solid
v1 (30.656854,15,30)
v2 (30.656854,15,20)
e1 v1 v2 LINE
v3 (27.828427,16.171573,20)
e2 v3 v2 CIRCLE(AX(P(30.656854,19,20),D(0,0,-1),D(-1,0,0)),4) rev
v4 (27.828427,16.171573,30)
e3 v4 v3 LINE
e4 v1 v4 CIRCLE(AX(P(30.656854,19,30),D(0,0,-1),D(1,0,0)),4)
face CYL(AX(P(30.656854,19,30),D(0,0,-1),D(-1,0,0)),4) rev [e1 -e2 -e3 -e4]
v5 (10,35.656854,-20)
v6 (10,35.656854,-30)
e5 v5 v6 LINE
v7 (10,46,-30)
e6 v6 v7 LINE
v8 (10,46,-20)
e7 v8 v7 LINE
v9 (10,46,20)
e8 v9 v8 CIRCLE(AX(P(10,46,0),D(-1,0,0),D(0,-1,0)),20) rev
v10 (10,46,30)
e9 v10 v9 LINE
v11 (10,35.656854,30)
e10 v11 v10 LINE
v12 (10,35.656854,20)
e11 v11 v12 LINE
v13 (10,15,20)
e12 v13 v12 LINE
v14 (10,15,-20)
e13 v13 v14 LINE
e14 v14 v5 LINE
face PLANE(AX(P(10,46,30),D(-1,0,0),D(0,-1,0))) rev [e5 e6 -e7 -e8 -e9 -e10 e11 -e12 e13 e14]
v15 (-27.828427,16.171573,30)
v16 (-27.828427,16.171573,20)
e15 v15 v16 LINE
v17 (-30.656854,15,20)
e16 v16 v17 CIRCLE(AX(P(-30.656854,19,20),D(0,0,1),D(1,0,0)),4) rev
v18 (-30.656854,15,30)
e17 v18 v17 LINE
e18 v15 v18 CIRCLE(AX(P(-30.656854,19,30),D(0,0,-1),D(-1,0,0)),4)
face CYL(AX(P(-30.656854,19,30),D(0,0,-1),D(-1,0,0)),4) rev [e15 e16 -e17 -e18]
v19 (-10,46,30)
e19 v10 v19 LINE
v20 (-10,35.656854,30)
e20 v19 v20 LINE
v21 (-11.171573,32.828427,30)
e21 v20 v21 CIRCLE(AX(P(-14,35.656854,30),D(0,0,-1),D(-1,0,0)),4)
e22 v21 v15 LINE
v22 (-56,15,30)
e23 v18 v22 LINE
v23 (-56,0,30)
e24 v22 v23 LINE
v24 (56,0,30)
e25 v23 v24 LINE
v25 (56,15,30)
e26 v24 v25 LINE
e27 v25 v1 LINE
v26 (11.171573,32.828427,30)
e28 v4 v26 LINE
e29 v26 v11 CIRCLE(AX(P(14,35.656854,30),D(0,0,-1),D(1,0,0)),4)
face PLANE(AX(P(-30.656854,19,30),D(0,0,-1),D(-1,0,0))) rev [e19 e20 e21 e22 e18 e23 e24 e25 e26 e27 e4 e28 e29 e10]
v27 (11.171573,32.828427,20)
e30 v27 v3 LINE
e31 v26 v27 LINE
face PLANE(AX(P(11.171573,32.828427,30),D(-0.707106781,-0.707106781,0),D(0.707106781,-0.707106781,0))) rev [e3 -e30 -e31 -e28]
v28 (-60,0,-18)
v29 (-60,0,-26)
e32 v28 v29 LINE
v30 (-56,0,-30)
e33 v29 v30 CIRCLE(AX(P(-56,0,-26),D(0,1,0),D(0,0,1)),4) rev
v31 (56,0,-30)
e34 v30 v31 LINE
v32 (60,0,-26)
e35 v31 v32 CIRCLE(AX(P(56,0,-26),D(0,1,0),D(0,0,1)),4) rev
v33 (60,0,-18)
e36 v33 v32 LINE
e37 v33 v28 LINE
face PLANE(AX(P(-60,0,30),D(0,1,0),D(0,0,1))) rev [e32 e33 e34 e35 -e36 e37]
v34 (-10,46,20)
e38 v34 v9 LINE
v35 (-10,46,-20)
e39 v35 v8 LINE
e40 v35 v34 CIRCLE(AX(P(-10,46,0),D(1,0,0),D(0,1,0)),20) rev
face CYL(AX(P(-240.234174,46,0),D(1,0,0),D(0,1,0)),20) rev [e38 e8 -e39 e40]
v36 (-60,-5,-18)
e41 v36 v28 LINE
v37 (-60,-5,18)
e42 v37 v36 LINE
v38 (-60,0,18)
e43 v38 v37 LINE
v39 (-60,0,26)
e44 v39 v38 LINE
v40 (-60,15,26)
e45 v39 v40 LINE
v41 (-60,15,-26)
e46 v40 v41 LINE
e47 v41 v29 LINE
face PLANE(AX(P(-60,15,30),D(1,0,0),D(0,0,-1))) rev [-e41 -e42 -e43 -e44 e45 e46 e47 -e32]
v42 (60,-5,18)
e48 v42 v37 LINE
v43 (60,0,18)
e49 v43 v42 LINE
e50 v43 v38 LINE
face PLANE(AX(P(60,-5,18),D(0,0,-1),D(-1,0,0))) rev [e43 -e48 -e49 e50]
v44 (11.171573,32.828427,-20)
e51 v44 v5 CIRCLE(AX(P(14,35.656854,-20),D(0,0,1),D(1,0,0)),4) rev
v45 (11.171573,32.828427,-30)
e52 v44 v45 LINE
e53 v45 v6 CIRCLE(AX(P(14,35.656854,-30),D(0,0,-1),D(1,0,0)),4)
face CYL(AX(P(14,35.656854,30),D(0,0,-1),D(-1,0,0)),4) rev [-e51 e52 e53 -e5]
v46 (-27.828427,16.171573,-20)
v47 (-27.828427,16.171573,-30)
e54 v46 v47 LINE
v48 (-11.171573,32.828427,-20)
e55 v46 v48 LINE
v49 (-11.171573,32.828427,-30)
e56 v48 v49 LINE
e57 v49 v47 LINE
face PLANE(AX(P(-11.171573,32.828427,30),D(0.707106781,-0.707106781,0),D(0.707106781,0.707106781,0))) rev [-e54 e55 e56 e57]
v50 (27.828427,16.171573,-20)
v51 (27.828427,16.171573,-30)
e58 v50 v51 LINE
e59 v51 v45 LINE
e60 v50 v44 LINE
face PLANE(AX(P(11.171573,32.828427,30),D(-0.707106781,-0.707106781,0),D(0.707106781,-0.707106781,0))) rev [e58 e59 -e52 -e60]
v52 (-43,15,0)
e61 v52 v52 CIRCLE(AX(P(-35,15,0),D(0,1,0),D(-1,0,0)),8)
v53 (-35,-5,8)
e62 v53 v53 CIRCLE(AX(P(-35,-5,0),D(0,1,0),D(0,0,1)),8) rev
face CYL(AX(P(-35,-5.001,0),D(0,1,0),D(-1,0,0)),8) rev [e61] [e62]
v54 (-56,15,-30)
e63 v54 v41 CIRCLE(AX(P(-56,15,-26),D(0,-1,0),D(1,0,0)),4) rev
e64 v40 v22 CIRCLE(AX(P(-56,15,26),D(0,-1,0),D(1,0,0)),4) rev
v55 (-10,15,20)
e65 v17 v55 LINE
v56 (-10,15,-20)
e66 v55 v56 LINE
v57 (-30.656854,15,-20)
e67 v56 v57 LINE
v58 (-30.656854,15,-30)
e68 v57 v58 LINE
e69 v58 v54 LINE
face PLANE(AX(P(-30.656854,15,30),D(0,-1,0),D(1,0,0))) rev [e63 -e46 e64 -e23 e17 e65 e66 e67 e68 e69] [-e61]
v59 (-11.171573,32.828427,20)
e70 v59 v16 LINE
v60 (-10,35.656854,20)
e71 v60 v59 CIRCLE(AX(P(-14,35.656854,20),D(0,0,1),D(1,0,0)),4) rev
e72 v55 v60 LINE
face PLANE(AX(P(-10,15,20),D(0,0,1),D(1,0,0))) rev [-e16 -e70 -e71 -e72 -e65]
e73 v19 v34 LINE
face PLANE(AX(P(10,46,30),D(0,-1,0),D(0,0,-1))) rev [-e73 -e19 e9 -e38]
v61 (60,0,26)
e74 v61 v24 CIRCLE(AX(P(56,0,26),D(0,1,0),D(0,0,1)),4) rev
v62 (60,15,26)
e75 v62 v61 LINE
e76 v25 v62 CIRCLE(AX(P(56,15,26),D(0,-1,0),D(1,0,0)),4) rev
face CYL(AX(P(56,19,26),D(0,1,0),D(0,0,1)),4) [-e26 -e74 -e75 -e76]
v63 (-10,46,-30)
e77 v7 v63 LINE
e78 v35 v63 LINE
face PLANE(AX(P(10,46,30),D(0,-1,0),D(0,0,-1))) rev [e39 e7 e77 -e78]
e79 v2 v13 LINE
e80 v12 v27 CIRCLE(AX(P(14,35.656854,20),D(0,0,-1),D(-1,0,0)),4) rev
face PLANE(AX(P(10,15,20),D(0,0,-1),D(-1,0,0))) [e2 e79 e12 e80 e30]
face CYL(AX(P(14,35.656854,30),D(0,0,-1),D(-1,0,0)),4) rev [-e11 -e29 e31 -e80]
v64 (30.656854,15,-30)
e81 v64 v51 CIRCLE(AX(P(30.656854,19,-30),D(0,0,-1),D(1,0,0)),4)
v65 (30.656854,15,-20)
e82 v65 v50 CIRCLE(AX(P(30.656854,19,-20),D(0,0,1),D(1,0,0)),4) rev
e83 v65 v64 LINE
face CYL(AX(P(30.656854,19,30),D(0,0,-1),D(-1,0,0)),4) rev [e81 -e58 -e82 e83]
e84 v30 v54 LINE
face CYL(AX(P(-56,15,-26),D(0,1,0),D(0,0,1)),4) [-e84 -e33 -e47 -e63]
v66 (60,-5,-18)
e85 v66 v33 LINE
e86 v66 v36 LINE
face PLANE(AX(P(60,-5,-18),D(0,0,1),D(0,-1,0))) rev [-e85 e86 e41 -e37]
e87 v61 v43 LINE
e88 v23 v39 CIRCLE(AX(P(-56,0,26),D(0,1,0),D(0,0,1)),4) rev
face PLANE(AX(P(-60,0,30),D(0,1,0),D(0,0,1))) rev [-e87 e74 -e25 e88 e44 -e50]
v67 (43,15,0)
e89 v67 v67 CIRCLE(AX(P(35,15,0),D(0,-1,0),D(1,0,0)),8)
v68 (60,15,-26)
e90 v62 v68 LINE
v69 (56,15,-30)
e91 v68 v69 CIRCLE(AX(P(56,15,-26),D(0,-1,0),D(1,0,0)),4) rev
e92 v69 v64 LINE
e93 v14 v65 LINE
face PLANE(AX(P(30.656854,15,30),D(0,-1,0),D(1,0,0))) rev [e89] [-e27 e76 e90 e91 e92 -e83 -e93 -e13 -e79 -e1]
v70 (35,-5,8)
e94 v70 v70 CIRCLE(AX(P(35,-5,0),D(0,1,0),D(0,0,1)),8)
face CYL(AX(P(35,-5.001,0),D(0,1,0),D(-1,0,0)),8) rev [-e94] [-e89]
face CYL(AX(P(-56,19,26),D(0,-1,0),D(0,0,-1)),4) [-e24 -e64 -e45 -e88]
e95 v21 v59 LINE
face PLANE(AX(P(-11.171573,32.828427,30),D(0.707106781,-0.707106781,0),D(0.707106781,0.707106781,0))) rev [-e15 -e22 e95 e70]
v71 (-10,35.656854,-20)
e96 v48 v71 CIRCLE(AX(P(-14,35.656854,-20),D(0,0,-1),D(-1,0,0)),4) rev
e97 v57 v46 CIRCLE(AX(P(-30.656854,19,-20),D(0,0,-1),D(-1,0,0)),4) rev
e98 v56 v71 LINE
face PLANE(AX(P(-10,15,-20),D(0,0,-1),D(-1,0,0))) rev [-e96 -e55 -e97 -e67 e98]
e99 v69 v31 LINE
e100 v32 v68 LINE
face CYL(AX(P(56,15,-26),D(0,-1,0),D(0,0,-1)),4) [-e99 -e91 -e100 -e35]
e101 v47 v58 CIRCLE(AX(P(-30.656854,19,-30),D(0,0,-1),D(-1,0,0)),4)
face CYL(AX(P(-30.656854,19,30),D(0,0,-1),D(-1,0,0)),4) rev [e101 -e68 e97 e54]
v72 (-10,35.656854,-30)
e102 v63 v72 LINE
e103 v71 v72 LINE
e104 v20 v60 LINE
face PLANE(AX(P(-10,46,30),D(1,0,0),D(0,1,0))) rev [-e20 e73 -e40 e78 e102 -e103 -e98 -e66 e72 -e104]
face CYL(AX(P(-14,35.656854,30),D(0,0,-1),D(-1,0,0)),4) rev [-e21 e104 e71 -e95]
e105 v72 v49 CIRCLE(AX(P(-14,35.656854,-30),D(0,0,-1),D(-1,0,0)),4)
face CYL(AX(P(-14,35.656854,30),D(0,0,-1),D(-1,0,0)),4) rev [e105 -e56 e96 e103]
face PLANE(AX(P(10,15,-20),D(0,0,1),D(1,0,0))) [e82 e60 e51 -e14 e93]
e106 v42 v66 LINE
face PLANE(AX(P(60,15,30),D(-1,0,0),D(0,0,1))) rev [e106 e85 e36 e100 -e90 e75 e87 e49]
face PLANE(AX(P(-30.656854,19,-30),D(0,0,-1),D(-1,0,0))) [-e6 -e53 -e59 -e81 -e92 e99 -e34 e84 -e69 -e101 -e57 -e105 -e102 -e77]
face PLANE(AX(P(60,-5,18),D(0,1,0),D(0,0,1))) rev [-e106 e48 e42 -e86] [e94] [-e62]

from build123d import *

# Parameters (mm, degrees)
BOSS_EXTRUDE1_DEPTH     = 30
SKETCH2_W               = 36
SKETCH2_H               = 5
BOSS_EXTRUDE2_DEPTH     = 60
FILLET1_R               = 4
SKETCH4_W               = 20.656854249
SKETCH4_H               = 40
CUT_EXTRUDE1_DEPTH      = 31
CUT_EXTRUDE2_REACH      = 75.899
SKETCH3_R               = 8
CUT_EXTRUDE3_DEPTH      = 89.971905678
CUT_EXTRUDE3_DEPTH_BACK = 89.971905678


with BuildPart() as part:
    # Sketch1 → Boss-Extrude1 (new, symmetric)
    with BuildSketch(Plane.XY):
        with BuildLine():
            Line((10, 46), (-10, 46))
            Line((-10, 46), (-10, 35.656854249))
            ThreePointArc((-10, 35.656854249), (-10.30448187, 34.12612052), (-11.171572875, 32.828427125))
            Line((-11.171572875, 32.828427125), (-27.828427125, 16.171572875))
            ThreePointArc((-27.828427125, 16.171572875), (-29.12612052, 15.30448187), (-30.656854249, 15))
            Line((-30.656854249, 15), (-60, 15))
            Line((-60, 15), (-60, 0))
            Line((-60, 0), (60, 0))
            Line((60, 0), (60, 15))
            Line((60, 15), (30.656854249, 15))
            ThreePointArc((30.656854249, 15), (29.12612052, 15.30448187), (27.828427125, 16.171572875))
            Line((27.828427125, 16.171572875), (11.171572875, 32.828427125))
            ThreePointArc((11.171572875, 32.828427125), (10.30448187, 34.12612052), (10, 35.656854249))
            Line((10, 35.656854249), (10, 46))
        make_face()
    extrude(amount=BOSS_EXTRUDE1_DEPTH, both=True)

    # Sketch2 → Boss-Extrude2 (add, symmetric)
    with BuildSketch(Plane(origin=(0, 0, 0), x_dir=(0, 0, -1), z_dir=(1, 0, 0))):
        with Locations((0, -2.5)):
            Rectangle(SKETCH2_W, SKETCH2_H)
    extrude(amount=BOSS_EXTRUDE2_DEPTH, both=True)

    # Fillet1
    fillet1_edges = [part.edges().sort_by_distance(p)[0] for p in [
        (-60, 7.5, 30),
        (60, 7.5, -30),
        (-60, 7.5, -30),
        (60, 7.5, 30),
    ]]
    fillet(fillet1_edges, radius=FILLET1_R)

    # Sketch4 → Cut-Extrude1 (cut)
    with BuildSketch(Plane(origin=(0, 46, 0), x_dir=(1, 0, 0), z_dir=(0, 1, 0))):
        with Locations((-20.328427125, 0)):
            Rectangle(SKETCH4_W, SKETCH4_H)
    cut_extrude1 = extrude(amount=-CUT_EXTRUDE1_DEPTH, mode=Mode.SUBTRACT)

    # Sketch3 → Cut-Extrude2 (cut, up to next)
    with BuildSketch(Plane(origin=(0, 15, 0), x_dir=(1, 0, 0), z_dir=(0, 1, 0)), mode=Mode.PRIVATE) as cut_extrude2_sk1:
        with Locations(Location((-35, 0, 0), (0, 0, 180))):
            Circle(SKETCH3_R)
    cut_extrude2_tool1 = extrude(cut_extrude2_sk1.sketch, amount=-CUT_EXTRUDE2_REACH, mode=Mode.PRIVATE) & part.part
    cut_extrude2 = cut_extrude2_tool1.solids().sort_by_distance((-35, 15, 0))[0]
    add(cut_extrude2, mode=Mode.SUBTRACT)

    # Mirror1: Cut-Extrude1, Cut-Extrude2 across plane
    add(cut_extrude1.mirror(Plane(origin=(0, 0, 0), x_dir=(0, 0, 1), z_dir=(1, 0, 0))), mode=Mode.SUBTRACT)
    add(cut_extrude2.mirror(Plane(origin=(0, 0, 0), x_dir=(0, 0, 1), z_dir=(1, 0, 0))), mode=Mode.SUBTRACT)

    # Sketch5 → Cut-Extrude3 (cut, two sides: drawn at the far end of the back side and taken through both)
    with BuildSketch(Plane.ZY.offset(10).offset(-CUT_EXTRUDE3_DEPTH_BACK)):
        with BuildLine():
            Line((-20, 198.842570685), (-20, 46))
            ThreePointArc((-20, 46), (0, 26), (20, 46))
            Line((20, 46), (20, 198.842570685))
            Line((20, 198.842570685), (20, 504.527712056))
            Line((20, 504.527712056), (-20, 504.527712056))
            Line((-20, 504.527712056), (-20, 198.842570685))
        make_face()
    extrude(amount=CUT_EXTRUDE3_DEPTH + CUT_EXTRUDE3_DEPTH_BACK, mode=Mode.SUBTRACT)


solid = part.part
